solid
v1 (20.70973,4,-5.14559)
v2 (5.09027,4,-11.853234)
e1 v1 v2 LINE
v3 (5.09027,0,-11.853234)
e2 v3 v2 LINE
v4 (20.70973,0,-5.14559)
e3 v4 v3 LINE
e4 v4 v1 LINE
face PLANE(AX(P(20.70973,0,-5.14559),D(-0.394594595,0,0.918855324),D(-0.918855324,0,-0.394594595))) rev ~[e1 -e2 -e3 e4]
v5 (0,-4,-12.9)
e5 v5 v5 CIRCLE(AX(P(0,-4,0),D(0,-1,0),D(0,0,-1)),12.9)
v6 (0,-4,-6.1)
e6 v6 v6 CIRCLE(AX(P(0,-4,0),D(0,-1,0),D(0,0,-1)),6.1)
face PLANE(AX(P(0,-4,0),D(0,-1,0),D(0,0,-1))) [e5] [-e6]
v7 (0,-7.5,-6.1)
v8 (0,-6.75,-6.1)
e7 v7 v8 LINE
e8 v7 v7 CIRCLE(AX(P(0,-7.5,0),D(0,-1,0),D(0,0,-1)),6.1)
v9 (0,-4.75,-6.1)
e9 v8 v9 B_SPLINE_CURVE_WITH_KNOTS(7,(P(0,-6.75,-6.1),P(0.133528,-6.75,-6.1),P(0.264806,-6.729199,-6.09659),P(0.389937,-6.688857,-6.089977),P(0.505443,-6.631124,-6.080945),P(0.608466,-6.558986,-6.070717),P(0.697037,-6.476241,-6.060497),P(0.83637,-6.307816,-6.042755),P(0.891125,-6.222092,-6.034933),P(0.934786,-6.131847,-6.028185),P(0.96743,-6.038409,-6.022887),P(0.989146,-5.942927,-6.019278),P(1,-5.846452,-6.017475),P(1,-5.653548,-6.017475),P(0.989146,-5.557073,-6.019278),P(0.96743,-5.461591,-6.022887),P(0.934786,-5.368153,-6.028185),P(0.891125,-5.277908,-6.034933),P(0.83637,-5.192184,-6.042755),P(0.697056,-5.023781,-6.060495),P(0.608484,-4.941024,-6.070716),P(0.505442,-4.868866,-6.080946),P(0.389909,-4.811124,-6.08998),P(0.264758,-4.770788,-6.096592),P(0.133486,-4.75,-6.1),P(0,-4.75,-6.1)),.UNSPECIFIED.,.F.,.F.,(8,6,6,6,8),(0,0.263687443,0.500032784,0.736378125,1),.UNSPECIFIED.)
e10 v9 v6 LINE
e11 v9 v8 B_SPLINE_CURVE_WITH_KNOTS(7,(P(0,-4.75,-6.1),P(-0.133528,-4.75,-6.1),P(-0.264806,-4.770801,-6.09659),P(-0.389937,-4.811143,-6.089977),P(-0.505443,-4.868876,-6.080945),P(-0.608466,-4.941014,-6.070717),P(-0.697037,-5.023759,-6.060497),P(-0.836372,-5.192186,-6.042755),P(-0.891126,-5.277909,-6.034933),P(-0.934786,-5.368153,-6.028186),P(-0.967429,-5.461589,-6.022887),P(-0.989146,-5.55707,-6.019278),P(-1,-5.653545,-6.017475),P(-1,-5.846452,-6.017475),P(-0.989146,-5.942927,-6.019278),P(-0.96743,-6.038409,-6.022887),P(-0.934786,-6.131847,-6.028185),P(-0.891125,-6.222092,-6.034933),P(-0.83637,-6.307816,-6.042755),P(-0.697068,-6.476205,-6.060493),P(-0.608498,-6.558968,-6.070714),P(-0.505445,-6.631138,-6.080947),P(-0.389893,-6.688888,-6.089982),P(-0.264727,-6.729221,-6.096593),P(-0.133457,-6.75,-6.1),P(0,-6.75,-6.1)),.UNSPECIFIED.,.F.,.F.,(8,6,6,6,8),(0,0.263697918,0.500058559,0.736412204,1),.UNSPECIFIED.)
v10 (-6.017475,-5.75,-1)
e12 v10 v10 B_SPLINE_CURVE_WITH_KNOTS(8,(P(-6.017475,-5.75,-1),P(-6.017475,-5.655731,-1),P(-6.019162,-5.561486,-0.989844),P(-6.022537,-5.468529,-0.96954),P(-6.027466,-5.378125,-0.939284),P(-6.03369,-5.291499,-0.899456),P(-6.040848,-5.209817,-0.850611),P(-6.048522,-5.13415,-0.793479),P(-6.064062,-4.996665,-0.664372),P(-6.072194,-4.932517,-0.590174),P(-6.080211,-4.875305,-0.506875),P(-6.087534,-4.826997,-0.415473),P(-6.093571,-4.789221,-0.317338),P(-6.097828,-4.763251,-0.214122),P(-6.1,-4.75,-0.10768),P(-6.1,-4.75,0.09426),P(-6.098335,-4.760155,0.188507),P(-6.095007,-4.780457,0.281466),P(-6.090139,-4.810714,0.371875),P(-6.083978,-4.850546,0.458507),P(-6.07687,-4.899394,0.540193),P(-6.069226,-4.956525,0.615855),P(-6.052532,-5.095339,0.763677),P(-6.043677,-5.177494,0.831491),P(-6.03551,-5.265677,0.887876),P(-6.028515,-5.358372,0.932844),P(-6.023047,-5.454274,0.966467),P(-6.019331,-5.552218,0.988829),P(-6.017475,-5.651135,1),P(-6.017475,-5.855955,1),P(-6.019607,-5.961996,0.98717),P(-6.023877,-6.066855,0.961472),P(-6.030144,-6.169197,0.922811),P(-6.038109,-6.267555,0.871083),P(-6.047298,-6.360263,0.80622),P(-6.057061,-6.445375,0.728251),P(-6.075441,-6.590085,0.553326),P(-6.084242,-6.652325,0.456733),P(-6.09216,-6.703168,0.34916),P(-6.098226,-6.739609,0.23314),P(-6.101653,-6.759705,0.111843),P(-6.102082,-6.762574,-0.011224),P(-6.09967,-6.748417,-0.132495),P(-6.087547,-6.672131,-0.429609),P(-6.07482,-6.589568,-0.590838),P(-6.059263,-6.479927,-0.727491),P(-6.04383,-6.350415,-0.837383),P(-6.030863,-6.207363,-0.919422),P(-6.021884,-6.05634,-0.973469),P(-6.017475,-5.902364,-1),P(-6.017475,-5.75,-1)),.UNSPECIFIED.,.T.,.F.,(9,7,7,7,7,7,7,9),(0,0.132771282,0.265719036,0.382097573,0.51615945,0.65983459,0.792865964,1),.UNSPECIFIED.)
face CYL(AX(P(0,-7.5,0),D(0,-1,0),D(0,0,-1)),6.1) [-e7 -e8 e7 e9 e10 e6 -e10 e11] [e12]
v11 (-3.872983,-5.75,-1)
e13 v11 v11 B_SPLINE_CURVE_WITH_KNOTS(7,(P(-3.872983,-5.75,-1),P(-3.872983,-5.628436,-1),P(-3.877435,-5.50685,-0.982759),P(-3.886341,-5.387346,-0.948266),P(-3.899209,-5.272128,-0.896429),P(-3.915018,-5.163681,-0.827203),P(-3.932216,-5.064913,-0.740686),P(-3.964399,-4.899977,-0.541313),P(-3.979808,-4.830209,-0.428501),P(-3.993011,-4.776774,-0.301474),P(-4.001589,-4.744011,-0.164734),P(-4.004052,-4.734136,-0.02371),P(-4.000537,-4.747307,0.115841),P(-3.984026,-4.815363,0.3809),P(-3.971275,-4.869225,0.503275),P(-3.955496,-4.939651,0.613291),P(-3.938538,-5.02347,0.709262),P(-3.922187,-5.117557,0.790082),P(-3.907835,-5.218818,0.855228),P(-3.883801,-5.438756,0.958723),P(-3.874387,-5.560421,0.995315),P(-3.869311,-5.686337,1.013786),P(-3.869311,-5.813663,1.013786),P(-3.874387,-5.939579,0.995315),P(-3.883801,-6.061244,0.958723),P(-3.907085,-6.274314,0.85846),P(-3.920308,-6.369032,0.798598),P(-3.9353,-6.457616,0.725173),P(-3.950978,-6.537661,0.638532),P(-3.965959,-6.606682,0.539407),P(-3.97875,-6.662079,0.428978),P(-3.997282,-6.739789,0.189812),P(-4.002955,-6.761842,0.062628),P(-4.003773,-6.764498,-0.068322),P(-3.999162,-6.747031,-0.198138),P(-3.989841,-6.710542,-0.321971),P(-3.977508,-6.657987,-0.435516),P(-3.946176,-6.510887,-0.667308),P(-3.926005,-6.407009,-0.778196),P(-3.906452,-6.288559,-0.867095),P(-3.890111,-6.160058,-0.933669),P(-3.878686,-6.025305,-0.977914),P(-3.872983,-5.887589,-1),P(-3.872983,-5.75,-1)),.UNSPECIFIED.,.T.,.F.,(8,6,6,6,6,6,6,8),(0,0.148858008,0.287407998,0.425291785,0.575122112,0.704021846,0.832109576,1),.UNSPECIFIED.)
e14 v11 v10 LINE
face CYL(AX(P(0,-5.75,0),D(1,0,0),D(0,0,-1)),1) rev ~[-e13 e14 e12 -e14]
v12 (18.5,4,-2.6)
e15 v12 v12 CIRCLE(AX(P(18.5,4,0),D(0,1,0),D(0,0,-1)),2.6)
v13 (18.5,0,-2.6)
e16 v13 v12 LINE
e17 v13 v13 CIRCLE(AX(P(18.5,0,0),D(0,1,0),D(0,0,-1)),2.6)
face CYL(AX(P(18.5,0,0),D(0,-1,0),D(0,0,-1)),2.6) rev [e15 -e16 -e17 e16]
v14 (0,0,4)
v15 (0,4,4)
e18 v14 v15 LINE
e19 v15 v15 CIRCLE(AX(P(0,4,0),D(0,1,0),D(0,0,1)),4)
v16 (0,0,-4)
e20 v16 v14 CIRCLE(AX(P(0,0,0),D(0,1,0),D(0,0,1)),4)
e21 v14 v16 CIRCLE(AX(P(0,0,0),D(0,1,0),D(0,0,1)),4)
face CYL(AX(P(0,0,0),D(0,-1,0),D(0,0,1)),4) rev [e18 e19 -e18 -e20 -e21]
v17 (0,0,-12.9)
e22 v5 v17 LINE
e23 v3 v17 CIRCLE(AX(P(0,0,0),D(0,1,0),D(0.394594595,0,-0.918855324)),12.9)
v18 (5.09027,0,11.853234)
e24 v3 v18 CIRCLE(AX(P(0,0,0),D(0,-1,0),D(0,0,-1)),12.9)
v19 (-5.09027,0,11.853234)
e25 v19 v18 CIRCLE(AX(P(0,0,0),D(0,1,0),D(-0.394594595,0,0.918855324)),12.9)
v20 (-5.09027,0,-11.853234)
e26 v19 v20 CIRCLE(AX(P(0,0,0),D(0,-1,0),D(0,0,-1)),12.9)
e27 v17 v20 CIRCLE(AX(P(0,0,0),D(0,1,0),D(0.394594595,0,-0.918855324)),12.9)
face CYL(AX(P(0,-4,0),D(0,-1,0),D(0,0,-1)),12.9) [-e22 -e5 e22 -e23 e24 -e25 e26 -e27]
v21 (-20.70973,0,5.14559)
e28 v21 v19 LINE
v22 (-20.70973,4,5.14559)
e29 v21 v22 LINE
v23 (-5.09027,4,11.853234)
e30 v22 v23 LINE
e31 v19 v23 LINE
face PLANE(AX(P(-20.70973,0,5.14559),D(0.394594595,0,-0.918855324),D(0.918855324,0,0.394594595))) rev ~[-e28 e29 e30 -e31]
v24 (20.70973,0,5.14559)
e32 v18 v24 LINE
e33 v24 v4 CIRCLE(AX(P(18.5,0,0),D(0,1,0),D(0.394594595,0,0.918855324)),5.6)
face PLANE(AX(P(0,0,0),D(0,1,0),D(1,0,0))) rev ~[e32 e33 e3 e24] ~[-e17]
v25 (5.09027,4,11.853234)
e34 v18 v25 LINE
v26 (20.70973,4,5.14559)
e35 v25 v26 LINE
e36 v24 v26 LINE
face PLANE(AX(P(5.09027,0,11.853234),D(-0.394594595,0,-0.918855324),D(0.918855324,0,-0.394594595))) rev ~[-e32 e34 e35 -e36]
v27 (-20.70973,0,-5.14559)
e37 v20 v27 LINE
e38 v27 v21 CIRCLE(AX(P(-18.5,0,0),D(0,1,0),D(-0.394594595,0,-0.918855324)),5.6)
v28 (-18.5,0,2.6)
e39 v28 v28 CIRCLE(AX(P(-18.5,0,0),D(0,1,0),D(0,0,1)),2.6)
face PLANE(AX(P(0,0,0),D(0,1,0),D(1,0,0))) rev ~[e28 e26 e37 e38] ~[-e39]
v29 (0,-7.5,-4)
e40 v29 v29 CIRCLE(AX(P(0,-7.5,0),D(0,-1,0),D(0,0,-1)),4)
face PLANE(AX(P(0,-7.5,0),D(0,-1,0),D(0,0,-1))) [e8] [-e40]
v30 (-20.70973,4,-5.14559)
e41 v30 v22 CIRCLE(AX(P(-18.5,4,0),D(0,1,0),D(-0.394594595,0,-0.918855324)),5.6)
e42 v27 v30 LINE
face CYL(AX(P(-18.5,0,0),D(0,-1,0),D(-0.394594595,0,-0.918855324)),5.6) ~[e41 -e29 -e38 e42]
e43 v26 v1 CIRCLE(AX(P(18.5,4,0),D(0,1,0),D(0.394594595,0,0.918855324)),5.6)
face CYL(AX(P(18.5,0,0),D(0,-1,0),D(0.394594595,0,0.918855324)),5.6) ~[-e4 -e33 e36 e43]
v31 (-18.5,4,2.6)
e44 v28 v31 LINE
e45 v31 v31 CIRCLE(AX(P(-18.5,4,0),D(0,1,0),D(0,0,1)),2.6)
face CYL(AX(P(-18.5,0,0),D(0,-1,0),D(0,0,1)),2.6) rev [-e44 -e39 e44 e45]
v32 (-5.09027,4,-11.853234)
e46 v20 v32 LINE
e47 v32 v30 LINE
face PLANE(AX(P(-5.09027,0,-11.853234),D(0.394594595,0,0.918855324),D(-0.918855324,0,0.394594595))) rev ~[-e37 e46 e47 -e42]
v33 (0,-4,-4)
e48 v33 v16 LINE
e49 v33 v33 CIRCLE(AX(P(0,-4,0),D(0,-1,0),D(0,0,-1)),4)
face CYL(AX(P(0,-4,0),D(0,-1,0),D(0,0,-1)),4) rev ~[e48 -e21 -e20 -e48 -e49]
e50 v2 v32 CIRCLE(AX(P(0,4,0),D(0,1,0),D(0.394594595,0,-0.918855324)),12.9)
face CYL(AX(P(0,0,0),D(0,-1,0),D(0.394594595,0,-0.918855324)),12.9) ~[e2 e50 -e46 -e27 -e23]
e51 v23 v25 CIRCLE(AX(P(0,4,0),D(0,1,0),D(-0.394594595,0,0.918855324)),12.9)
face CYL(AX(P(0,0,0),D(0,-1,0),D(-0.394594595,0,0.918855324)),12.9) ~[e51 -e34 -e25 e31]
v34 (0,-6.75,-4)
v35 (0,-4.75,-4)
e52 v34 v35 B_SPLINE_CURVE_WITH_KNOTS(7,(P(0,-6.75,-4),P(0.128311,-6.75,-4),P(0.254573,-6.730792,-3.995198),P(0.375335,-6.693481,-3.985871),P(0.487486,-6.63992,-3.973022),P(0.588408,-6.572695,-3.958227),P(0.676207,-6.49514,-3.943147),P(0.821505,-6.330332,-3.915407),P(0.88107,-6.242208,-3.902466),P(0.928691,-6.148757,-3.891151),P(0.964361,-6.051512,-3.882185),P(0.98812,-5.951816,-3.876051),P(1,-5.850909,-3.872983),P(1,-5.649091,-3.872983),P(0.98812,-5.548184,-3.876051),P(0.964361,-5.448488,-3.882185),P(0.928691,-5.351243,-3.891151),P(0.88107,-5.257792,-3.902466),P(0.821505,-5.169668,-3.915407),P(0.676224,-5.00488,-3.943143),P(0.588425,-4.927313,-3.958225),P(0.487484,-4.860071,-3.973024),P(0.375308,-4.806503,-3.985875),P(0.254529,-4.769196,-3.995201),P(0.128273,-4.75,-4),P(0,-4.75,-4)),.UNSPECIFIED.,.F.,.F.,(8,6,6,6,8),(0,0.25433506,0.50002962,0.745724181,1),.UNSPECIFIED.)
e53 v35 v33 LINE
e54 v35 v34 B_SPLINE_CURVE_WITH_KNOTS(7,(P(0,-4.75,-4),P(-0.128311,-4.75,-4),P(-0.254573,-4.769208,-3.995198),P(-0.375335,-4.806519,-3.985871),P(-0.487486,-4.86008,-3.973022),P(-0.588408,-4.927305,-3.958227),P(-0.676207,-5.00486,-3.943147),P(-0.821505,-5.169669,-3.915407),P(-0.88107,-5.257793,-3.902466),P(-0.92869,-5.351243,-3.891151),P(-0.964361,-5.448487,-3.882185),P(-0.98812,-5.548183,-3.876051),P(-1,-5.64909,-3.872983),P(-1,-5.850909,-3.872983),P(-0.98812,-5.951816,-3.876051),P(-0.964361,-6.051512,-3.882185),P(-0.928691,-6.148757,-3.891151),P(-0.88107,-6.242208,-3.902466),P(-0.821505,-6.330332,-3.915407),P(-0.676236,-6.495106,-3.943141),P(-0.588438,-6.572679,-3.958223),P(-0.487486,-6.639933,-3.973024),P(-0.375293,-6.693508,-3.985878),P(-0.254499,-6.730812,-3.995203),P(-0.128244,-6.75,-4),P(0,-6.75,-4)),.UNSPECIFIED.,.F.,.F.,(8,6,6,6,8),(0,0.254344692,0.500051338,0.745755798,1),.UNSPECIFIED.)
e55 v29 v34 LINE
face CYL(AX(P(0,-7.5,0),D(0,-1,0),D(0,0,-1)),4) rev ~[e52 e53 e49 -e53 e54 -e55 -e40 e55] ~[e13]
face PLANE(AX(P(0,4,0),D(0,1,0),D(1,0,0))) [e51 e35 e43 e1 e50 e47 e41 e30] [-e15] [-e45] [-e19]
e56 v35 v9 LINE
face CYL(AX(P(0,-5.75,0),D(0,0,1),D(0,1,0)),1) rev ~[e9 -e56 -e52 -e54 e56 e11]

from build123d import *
from build123d.topology import SkipClean

# Parameters (mm, degrees)
SKETCH_1_R          = 2.6
SKETCH_1_R_2        = 4
EXTRUDE_1_DEPTH     = 4
EXTRUDE_START       = 4
SKETCH_2_R          = 12.9
SKETCH_2_R_2        = 4
EXTRUDE_2_DEPTH     = 4
EXTRUDE_START_2     = 3.5
SKETCH_3_R          = 6.1
SKETCH_3_R_2        = 4
EXTRUDE_3_DEPTH     = 3.5
SKETCH_6_R          = 1
CUT_EXTRUDE_1_DEPTH = 10
SKETCH_7_R          = 1
CUT_EXTRUDE_2_DEPTH = 10


with BuildPart() as part:
    # 草图1 → 凸台-拉伸1 (new body)
    with BuildSketch(Plane(origin=(0, 0, 0), x_dir=(1, 0, 0), z_dir=(0, 1, 0))):
        with BuildLine():
            Line((-20.70972973, -5.145589813), (-5.09027027, -11.853233676))
            ThreePointArc((-5.09027027, -11.853233676), (0, -12.9), (5.09027027, -11.853233676))
            Line((5.09027027, -11.853233676), (20.70972973, -5.145589813))
            ThreePointArc((20.70972973, -5.145589813), (24.1, 0), (20.70972973, 5.145589813))
            Line((20.70972973, 5.145589813), (5.09027027, 11.853233676))
            ThreePointArc((5.09027027, 11.853233676), (0, 12.9), (-5.09027027, 11.853233676))
            Line((-5.09027027, 11.853233676), (-20.70972973, 5.145589813))
            ThreePointArc((-20.70972973, 5.145589813), (-24.1, 0), (-20.70972973, -5.145589813))
        make_face()
        with Locations(Location((-18.5, 0, 0), (0, 0, 270))):
            Circle(SKETCH_1_R, mode=Mode.SUBTRACT)
        with Locations(Location((18.5, 0, 0), (0, 0, 90))):
            Circle(SKETCH_1_R, mode=Mode.SUBTRACT)
        with Locations(Location((0, 0, 0), (0, 0, 270))):
            Circle(SKETCH_1_R_2, mode=Mode.SUBTRACT)
    extrude(amount=EXTRUDE_1_DEPTH)

    # 草图2 → 凸台-拉伸2 (add)
    with SkipClean():  # the faces are left unmerged after this step: merging them gives an invalid solid
        with BuildSketch(Plane.XZ.offset(EXTRUDE_START)):
            with Locations(Location((0, 0, 0), (0, 0, 270))):
                Circle(SKETCH_2_R)
            with Locations(Location((0, 0, 0), (0, 0, 270))):
                Circle(SKETCH_2_R_2, mode=Mode.SUBTRACT)
        extrude(amount=-EXTRUDE_2_DEPTH)

    # 草图3 → 凸台-拉伸3 (add)
    with SkipClean():  # the faces are left unmerged after this step: merging them gives an invalid solid
        with BuildSketch(Plane.XZ.offset(4).offset(EXTRUDE_START_2)):
            with Locations(Location((0, 0, 0), (0, 0, 270))):
                Circle(SKETCH_3_R)
            with Locations(Location((0, 0, 0), (0, 0, 270))):
                Circle(SKETCH_3_R_2, mode=Mode.SUBTRACT)
        extrude(amount=-EXTRUDE_3_DEPTH)

    # 草图6 → 切除-拉伸1 (cut)
    with SkipClean():  # the faces are left unmerged after this step: merging them gives an invalid solid
        with BuildSketch(Plane.XY):
            with Locations(Location((0, -5.75, 0), (0, 0, 90))):
                Circle(SKETCH_6_R)
        extrude(amount=-CUT_EXTRUDE_1_DEPTH, mode=Mode.SUBTRACT)

    # 草图7 → 切除-拉伸2 (cut)
    with SkipClean():  # the faces are left unmerged after this step: merging them gives an invalid solid
        with BuildSketch(Plane(origin=(0, 0, 0), x_dir=(0, 0, -1), z_dir=(1, 0, 0))):
            with Locations((0, -5.75)):
                Circle(SKETCH_7_R)
        extrude(amount=-CUT_EXTRUDE_2_DEPTH, mode=Mode.SUBTRACT)


solid = part.part
